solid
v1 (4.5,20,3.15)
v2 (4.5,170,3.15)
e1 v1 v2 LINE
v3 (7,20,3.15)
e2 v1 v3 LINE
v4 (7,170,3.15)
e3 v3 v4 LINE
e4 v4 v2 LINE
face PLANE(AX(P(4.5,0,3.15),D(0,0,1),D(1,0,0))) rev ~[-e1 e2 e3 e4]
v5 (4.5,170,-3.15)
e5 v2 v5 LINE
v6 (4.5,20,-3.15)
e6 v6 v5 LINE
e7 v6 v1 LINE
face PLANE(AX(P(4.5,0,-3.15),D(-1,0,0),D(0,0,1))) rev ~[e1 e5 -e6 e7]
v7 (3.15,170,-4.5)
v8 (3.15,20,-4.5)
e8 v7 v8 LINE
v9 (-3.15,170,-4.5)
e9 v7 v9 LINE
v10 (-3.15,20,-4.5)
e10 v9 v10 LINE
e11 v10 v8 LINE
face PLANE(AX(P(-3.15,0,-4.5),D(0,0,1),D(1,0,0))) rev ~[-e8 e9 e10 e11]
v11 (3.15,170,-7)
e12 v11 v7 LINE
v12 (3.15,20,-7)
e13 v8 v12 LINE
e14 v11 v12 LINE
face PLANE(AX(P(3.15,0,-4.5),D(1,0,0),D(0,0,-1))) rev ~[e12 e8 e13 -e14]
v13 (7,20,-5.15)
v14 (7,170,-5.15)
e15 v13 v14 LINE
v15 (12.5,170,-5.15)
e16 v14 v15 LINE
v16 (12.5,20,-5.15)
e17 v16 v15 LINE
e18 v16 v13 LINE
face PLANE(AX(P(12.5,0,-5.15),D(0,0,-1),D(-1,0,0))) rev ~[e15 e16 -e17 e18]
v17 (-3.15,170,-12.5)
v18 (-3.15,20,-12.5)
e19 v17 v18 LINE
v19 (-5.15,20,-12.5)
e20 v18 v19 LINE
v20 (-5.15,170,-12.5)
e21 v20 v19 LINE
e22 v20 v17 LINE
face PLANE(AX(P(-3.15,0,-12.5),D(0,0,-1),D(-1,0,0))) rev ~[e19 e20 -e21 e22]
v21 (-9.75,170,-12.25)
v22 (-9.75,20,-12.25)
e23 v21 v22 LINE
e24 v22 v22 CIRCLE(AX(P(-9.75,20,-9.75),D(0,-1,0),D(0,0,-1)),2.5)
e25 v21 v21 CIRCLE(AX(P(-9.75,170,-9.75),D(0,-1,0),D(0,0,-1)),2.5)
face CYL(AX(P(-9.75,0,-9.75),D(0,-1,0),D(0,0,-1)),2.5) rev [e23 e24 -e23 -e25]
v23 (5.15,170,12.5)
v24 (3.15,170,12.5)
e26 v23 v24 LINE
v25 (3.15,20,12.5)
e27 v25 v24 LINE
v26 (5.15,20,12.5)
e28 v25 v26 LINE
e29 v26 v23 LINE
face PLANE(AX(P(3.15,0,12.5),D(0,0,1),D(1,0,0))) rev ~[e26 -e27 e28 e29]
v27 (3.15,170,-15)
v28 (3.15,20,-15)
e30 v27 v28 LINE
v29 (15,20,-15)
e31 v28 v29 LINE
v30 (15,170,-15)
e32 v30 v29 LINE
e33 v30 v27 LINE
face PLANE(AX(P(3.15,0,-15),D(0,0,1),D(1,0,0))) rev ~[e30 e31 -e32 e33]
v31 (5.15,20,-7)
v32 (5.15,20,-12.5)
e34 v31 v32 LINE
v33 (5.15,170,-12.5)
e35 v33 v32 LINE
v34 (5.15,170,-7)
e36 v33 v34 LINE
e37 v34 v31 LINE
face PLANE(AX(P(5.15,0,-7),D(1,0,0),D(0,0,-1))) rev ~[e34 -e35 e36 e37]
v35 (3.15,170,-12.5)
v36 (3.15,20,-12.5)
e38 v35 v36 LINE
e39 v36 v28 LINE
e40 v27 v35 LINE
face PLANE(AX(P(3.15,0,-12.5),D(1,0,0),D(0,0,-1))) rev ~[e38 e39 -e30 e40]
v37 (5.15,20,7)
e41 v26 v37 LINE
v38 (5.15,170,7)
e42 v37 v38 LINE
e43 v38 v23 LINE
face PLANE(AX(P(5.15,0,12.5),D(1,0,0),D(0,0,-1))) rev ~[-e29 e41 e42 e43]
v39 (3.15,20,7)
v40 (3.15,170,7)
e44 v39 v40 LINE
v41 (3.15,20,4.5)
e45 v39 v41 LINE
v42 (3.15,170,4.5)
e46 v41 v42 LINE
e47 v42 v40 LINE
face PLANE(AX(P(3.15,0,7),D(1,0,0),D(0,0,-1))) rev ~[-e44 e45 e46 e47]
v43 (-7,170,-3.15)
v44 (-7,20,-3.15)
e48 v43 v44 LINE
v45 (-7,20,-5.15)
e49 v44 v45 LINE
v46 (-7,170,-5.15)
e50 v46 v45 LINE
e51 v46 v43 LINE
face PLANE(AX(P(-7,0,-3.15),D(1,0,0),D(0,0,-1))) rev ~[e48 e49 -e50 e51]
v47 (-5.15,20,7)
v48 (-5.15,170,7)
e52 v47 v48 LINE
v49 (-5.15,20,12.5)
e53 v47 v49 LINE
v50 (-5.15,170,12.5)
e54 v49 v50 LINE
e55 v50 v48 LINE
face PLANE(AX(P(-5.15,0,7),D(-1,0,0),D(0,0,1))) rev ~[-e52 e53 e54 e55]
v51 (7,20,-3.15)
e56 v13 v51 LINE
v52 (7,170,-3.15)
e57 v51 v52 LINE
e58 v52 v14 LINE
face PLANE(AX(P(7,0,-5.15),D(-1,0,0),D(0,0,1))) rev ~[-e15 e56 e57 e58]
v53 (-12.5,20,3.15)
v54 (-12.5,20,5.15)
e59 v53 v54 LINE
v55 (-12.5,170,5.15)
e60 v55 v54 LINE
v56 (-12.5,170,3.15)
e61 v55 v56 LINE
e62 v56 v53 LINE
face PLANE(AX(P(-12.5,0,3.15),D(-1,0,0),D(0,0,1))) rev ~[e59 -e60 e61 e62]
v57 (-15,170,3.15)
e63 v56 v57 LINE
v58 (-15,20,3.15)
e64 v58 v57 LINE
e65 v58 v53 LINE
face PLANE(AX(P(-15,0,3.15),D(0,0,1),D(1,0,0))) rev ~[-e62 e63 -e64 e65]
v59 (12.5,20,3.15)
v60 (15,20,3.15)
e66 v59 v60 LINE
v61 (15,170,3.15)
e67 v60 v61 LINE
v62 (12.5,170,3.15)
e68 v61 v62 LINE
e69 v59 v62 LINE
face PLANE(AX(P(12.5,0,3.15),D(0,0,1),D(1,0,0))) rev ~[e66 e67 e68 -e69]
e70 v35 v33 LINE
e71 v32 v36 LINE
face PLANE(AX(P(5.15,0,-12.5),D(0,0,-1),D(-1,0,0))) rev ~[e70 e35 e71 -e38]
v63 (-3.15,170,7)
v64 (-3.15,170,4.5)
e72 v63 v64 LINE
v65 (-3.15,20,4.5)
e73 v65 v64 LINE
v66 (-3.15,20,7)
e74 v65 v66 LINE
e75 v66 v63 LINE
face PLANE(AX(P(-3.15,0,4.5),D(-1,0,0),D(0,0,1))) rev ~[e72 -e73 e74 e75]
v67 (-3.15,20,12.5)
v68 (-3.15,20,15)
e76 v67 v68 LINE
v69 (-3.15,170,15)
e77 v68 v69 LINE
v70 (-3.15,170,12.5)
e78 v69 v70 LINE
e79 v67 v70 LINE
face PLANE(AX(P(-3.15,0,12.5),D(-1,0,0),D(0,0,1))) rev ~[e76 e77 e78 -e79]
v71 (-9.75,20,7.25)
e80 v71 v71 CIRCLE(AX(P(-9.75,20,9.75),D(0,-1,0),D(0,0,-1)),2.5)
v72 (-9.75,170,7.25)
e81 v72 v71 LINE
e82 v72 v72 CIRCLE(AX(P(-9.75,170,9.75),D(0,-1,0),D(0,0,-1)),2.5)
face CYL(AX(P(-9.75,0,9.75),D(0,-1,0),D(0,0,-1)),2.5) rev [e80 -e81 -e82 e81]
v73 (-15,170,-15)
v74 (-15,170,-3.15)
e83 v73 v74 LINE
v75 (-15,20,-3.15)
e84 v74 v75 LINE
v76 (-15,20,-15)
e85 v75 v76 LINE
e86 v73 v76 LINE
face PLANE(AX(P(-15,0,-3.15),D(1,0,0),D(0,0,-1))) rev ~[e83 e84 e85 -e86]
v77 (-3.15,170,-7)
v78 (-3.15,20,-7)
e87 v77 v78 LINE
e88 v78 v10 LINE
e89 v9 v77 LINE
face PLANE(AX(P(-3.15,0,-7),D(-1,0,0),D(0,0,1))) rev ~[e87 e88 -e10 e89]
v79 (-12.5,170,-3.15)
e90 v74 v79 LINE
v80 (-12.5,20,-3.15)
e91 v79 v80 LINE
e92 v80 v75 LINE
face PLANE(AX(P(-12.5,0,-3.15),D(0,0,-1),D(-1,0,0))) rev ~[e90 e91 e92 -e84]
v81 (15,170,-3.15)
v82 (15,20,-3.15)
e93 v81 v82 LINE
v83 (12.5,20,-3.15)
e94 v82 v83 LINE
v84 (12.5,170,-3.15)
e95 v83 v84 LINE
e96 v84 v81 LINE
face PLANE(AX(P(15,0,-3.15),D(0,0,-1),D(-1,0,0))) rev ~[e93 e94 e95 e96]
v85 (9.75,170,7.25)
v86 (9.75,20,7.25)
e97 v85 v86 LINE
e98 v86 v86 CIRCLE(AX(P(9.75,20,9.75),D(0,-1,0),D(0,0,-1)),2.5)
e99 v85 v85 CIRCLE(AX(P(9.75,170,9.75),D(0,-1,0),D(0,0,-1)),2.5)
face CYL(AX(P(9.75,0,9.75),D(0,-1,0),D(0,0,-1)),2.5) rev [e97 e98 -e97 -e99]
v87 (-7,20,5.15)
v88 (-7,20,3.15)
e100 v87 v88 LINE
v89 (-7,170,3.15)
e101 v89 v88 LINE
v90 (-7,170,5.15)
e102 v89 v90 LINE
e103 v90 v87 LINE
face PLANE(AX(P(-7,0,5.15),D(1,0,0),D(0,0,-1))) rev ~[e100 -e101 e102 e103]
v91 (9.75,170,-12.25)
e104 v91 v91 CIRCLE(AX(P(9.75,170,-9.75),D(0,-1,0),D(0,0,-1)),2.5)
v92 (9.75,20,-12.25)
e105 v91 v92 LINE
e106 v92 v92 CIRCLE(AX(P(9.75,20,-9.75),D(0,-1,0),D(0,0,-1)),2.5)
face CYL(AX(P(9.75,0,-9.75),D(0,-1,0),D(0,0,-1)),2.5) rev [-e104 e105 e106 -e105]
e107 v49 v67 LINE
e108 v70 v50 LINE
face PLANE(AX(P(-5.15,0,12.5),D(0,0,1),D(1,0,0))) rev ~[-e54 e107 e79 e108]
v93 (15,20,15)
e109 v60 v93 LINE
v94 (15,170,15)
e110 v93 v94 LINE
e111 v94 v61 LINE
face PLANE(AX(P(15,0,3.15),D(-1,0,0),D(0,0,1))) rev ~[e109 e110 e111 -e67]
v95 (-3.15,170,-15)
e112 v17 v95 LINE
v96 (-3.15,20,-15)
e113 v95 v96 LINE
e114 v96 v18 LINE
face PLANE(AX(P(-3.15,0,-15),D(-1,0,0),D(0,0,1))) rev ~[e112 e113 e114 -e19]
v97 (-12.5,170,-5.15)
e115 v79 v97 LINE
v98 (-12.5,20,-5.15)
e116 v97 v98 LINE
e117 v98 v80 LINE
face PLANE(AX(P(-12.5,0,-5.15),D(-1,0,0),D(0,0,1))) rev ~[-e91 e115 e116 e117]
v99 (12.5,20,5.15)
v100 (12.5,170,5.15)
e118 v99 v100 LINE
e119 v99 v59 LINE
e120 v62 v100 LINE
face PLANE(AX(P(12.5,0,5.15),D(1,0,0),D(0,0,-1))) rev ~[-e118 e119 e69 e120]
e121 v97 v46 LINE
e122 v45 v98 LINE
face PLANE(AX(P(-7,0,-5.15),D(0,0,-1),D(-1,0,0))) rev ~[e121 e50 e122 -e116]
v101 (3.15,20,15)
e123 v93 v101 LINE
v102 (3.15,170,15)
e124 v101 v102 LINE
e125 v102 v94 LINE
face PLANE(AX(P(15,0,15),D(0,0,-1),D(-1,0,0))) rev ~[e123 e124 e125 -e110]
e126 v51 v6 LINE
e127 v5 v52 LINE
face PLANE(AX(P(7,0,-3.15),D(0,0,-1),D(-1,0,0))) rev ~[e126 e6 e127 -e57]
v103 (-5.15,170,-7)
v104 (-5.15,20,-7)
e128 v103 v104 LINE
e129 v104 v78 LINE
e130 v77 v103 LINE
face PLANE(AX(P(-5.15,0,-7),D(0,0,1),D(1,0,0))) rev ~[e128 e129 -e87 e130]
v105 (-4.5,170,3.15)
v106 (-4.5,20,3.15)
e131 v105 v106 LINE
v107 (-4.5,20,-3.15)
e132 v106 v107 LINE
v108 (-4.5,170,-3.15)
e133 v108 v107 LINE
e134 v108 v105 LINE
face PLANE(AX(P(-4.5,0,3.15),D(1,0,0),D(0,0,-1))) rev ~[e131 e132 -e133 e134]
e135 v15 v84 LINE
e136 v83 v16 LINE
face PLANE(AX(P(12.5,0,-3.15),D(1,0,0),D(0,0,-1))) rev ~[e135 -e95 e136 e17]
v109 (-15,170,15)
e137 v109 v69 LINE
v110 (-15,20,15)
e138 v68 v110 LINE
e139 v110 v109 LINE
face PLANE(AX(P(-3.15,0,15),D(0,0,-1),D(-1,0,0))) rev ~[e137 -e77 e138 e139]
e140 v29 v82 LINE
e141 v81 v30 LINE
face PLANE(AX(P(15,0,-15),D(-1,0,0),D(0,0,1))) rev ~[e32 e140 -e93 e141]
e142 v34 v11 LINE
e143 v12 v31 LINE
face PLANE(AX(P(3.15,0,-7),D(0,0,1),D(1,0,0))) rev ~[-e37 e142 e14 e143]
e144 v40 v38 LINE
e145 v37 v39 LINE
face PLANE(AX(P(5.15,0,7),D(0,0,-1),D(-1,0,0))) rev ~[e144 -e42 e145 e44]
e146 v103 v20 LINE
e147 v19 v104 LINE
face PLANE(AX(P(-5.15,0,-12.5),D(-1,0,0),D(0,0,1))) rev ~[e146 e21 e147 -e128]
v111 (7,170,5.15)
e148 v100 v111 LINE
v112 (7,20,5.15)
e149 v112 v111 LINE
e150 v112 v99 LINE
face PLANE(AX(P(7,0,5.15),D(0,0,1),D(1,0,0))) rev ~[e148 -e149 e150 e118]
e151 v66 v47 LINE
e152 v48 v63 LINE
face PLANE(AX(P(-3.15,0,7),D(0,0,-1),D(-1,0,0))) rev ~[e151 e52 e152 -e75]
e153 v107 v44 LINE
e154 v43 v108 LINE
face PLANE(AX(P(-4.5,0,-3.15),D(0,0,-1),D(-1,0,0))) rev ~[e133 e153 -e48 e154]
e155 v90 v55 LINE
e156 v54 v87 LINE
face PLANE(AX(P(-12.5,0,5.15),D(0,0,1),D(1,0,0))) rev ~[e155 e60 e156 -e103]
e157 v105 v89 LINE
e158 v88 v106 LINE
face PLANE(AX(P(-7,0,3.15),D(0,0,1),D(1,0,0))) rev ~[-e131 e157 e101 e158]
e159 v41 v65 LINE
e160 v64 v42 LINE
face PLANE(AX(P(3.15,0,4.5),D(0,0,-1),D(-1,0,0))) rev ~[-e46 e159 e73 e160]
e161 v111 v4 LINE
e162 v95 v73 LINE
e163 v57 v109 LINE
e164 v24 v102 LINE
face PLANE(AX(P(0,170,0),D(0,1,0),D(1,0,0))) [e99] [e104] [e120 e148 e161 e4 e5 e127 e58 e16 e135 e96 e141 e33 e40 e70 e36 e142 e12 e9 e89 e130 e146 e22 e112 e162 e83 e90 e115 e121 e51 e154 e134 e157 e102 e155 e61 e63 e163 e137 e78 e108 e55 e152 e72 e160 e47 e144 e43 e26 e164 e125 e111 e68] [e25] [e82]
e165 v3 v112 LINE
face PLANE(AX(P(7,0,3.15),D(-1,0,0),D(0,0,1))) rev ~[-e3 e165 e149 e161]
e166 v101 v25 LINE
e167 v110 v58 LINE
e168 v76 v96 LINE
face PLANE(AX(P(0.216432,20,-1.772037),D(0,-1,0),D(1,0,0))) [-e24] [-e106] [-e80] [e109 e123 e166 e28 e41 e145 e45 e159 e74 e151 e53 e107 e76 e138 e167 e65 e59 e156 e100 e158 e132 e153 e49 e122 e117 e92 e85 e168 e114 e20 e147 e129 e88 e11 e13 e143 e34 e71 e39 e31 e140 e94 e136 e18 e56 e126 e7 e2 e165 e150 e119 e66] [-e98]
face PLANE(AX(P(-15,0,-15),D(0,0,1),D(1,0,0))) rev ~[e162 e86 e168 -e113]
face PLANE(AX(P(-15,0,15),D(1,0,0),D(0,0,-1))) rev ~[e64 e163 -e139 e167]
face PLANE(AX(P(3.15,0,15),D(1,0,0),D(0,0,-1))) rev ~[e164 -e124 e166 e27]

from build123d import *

# Parameters (mm, degrees)
SKETCH_1_R          = 2.5
EXTRUDE_1_DEPTH     = 180
SKETCH_2_R          = 82.250528809
CUT_EXTRUDE_1_DEPTH = 10
SKETCH_3_R          = 47.359827943
CUT_EXTRUDE_2_DEPTH = 200


with BuildPart() as part:
    # 草图1 → 凸台-拉伸1 (new, symmetric)
    with BuildSketch(Plane(origin=(0, 0, 0), x_dir=(1, 0, 0), z_dir=(0, 1, 0))):
        Polygon((-15, -3.15), (-12.5, -3.15), (-12.5, -5.15), (-7, -5.15), (-7, -3.15), (-4.5, -3.15), (-4.5, 3.15), (-7, 3.15), (-7, 5.15), (-12.5, 5.15), (-12.5, 3.15), (-15, 3.15), (-15, 15), (-3.15, 15), (-3.15, 12.5), (-5.15, 12.5), (-5.15, 7), (-3.15, 7), (-3.15, 4.5), (3.15, 4.5), (3.15, 7), (5.15, 7), (5.15, 12.5), (3.15, 12.5), (3.15, 15), (15, 15), (15, 3.15), (12.5, 3.15), (12.5, 5.15), (7, 5.15), (7, 3.15), (4.5, 3.15), (4.5, -3.15), (7, -3.15), (7, -5.15), (12.5, -5.15), (12.5, -3.15), (15, -3.15), (15, -15), (3.15, -15), (3.15, -12.5), (5.15, -12.5), (5.15, -7), (3.15, -7), (3.15, -4.5), (-3.15, -4.5), (-3.15, -7), (-5.15, -7), (-5.15, -12.5), (-3.15, -12.5), (-3.15, -15), (-15, -15), align=None)
        with Locations(Location((-9.75, -9.75, 0), (0, 0, 90))):
            Circle(SKETCH_1_R, mode=Mode.SUBTRACT)
        with Locations(Location((-9.75, 9.75, 0), (0, 0, 90))):
            Circle(SKETCH_1_R, mode=Mode.SUBTRACT)
        with Locations(Location((9.75, 9.75, 0), (0, 0, 90))):
            Circle(SKETCH_1_R, mode=Mode.SUBTRACT)
        with Locations(Location((9.75, -9.75, 0), (0, 0, 90))):
            Circle(SKETCH_1_R, mode=Mode.SUBTRACT)
    extrude(amount=EXTRUDE_1_DEPTH, both=True)

    # 草图2 → 切除-拉伸1 (cut)
    with BuildSketch(Plane(origin=(0, 180, 0), x_dir=(1, 0, 0), z_dir=(0, 1, 0))):
        Circle(SKETCH_2_R)
    extrude(amount=-CUT_EXTRUDE_1_DEPTH, mode=Mode.SUBTRACT)

    # 草图3 → 切除-拉伸2 (cut)
    with BuildSketch(Plane.XZ.offset(180)):
        with Locations((0.216432031, -1.772037256)):
            Circle(SKETCH_3_R)
    extrude(amount=-CUT_EXTRUDE_2_DEPTH, mode=Mode.SUBTRACT)


solid = part.part
